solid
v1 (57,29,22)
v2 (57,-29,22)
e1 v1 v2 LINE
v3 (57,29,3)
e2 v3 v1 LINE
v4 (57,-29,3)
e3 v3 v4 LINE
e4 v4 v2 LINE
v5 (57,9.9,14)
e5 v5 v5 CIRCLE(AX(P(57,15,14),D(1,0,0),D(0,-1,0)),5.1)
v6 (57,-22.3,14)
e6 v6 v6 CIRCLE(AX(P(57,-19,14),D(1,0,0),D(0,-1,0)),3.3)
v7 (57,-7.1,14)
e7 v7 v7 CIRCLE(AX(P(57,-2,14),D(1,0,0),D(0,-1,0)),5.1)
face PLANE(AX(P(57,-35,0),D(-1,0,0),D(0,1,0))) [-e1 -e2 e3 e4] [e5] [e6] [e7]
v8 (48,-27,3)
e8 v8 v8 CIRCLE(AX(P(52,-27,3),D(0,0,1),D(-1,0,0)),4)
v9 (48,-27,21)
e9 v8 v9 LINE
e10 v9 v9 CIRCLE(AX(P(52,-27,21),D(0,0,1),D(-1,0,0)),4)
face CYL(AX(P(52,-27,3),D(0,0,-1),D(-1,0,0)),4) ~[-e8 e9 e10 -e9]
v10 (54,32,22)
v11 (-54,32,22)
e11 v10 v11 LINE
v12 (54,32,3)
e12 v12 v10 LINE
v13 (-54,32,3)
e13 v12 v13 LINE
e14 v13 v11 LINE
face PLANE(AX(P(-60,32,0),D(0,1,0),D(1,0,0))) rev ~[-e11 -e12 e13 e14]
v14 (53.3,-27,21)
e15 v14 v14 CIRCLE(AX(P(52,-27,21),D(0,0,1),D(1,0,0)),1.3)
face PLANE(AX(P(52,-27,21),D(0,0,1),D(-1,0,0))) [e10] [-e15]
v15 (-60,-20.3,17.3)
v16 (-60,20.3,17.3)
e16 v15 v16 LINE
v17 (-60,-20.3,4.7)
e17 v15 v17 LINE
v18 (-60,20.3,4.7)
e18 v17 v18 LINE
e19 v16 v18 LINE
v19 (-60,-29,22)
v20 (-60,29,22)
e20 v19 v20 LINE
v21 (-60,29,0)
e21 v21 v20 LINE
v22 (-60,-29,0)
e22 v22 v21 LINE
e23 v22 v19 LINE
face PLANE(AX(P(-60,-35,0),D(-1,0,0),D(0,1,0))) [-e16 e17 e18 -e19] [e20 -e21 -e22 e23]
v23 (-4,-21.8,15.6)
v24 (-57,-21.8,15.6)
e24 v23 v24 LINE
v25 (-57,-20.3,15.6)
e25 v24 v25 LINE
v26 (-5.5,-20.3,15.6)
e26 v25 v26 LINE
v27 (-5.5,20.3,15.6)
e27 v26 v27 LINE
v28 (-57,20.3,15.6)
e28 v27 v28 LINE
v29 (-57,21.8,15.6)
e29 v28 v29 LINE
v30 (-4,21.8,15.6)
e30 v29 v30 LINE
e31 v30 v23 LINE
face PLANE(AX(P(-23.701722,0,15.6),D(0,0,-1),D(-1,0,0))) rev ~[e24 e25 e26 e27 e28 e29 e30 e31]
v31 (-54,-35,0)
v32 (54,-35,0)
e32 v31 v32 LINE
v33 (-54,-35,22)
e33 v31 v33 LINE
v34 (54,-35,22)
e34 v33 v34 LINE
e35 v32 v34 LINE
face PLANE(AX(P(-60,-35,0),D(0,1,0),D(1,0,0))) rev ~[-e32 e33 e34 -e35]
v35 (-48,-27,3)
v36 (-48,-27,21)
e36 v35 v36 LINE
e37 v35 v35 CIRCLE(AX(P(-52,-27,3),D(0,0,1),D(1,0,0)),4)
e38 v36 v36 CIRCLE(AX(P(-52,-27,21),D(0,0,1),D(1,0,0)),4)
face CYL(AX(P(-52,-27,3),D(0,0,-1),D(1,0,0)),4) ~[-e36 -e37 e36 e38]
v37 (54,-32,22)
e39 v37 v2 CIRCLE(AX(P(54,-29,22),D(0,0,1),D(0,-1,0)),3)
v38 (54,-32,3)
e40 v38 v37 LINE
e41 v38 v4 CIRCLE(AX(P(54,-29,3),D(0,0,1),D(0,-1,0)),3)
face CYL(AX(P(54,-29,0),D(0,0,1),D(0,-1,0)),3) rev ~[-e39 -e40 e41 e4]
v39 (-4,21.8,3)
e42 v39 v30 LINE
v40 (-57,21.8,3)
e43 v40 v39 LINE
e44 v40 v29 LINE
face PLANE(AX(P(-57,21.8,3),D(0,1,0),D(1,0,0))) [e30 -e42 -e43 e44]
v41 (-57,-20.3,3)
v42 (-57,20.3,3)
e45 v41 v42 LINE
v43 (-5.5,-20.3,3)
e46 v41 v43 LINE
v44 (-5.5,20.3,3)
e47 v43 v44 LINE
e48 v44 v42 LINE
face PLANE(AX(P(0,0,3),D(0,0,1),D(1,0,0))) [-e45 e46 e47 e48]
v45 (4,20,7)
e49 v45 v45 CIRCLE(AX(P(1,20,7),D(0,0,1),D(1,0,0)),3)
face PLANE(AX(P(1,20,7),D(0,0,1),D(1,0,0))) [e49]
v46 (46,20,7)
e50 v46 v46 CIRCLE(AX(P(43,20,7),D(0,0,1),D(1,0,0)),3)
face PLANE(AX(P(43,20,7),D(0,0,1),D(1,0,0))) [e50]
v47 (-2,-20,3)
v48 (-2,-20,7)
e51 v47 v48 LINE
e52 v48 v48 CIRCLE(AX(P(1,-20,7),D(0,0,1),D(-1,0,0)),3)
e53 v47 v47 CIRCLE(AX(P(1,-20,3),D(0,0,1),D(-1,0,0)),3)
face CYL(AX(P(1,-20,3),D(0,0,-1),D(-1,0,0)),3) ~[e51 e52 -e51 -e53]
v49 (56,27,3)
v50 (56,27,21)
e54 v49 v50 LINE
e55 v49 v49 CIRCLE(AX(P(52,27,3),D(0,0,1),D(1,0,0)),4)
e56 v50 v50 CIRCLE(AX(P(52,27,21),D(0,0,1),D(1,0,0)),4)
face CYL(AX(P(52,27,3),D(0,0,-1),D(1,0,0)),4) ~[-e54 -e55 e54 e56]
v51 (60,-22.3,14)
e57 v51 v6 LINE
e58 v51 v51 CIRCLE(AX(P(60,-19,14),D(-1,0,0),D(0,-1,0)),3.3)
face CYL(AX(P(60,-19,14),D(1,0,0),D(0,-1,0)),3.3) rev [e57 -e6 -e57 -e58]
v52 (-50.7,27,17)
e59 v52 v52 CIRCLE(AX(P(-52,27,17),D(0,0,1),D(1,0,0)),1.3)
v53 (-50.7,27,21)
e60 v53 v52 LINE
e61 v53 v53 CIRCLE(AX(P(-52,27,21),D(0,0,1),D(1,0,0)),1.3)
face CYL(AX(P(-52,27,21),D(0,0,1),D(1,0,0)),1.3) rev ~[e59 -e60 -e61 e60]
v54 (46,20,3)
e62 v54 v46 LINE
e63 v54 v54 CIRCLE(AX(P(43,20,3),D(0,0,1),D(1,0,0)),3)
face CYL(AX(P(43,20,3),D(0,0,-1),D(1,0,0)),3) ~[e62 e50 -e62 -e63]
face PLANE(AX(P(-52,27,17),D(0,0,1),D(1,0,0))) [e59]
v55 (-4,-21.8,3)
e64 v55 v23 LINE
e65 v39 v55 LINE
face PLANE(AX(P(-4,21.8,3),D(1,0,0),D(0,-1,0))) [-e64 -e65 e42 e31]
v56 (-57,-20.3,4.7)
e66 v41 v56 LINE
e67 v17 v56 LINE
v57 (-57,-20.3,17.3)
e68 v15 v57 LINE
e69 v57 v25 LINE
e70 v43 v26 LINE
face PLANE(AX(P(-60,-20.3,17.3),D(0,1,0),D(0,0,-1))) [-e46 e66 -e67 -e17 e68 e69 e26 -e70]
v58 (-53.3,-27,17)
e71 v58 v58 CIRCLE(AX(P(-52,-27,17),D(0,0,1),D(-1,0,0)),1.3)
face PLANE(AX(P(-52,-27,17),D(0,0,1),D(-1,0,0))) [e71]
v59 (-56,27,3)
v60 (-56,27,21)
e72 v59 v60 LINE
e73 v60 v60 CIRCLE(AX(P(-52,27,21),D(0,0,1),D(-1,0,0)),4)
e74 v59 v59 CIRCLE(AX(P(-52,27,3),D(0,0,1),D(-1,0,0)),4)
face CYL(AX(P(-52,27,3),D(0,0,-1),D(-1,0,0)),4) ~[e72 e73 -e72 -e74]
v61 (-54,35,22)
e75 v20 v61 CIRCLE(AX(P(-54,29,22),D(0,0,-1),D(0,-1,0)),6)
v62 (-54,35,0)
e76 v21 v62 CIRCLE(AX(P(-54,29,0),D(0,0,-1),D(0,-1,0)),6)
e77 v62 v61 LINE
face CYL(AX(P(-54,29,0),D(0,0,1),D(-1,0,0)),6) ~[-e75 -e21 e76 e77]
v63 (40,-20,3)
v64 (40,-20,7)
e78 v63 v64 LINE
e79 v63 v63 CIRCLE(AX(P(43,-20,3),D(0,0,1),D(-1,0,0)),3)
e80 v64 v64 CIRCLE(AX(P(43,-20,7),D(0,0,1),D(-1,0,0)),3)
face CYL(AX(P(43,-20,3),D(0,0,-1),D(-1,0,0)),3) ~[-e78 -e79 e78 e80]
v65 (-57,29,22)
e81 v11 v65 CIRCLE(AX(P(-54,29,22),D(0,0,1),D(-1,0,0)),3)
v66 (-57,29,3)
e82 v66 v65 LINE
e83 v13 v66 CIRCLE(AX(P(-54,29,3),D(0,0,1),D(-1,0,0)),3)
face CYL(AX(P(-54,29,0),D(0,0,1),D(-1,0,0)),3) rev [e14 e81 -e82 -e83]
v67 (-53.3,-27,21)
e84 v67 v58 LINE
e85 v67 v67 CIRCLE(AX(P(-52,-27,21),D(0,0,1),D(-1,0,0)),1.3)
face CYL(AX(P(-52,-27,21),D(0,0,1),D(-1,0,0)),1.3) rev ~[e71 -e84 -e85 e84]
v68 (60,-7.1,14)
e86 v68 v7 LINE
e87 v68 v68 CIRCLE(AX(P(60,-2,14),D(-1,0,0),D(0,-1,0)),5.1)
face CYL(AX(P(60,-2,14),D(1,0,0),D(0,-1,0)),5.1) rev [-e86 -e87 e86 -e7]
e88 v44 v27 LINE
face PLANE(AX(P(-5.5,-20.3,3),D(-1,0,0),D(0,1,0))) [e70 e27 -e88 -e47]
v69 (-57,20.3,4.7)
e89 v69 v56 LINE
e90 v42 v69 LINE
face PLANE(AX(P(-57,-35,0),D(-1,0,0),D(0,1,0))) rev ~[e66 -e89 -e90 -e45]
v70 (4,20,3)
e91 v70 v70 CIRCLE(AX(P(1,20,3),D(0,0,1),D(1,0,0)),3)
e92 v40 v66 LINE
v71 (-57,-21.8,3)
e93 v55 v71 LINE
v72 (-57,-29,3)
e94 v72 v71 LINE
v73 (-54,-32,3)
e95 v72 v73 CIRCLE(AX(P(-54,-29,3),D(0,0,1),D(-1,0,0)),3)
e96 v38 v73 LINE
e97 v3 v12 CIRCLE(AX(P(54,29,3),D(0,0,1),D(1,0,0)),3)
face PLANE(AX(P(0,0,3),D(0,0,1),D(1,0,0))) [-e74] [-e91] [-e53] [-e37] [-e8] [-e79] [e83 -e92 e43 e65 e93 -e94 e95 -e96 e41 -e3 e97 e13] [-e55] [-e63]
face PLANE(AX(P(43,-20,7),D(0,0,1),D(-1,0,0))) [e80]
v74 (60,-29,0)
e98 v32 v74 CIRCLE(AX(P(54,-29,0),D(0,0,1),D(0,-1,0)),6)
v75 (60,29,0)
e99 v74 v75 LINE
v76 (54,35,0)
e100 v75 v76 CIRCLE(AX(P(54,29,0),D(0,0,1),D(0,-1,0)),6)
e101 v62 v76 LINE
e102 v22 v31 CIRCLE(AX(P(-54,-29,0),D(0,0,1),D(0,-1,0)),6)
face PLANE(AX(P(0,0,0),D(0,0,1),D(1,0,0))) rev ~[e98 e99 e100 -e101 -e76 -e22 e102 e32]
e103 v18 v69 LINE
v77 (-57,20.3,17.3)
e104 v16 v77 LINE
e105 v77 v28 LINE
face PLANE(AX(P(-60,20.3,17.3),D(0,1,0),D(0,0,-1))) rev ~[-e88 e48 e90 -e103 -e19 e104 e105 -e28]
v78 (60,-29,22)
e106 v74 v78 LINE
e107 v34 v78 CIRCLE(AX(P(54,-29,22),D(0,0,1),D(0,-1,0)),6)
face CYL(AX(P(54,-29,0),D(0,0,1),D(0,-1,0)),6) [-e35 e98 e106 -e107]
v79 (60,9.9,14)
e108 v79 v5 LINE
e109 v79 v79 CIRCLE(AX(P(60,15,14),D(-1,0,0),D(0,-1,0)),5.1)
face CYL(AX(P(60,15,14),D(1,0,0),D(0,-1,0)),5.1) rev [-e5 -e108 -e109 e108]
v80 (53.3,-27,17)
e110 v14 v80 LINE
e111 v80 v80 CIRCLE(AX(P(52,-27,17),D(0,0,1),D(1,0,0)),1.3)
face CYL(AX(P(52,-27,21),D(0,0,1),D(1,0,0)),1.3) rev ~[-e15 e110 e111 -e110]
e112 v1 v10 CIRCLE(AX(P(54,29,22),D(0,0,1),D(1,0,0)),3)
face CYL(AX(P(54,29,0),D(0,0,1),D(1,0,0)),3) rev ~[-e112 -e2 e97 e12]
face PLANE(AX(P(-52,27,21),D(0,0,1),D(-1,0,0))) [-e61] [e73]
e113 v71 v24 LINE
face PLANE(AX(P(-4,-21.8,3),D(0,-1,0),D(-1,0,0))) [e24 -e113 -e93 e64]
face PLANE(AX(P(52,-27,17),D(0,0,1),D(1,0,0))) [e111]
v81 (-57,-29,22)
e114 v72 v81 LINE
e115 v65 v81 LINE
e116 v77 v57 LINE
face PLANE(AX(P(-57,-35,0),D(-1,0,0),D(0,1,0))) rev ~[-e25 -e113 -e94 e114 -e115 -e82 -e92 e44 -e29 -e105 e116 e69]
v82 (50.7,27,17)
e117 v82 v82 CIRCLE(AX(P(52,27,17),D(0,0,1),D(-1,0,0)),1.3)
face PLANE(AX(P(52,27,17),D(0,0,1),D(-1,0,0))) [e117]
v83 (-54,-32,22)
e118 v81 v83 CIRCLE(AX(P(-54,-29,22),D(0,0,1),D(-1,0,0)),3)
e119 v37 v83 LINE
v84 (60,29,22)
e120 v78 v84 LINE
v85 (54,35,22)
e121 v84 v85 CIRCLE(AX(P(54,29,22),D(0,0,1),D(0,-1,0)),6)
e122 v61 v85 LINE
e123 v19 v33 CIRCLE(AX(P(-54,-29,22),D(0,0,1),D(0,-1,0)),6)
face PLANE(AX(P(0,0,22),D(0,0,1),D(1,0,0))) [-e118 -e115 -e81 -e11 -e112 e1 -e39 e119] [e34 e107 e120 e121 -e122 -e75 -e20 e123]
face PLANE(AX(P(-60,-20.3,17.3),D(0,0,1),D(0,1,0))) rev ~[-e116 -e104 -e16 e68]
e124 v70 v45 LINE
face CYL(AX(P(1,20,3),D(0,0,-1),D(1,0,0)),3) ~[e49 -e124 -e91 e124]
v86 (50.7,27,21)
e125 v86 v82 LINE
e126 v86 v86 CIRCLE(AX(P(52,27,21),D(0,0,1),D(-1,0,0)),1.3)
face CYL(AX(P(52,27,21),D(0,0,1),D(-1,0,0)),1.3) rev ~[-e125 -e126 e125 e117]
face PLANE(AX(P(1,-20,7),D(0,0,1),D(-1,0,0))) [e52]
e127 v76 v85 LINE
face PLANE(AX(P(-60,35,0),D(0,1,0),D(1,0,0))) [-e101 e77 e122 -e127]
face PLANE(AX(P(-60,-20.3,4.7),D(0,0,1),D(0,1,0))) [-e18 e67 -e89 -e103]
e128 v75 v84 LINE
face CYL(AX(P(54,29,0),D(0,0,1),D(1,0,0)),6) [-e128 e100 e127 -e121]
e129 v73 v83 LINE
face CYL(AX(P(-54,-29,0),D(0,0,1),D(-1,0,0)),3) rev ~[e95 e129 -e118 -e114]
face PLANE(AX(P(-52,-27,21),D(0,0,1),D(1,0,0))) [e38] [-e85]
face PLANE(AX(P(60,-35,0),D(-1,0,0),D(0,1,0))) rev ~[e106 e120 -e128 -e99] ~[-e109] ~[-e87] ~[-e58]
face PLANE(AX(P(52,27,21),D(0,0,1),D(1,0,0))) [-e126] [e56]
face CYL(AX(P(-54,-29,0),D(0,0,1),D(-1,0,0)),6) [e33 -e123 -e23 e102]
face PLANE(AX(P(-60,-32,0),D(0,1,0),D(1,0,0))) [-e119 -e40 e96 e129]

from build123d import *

# Parameters (mm, degrees)
SKETCH1_W           = 120
SKETCH1_H           = 70
BOSS_EXTRUDE1_DEPTH = 22
FILLET1_R           = 6
SHELL1_T            = -3
SKETCH2_R           = 4
BOSS_EXTRUDE2_DEPTH = 18.0000001
SKETCH4_R           = 1.3
CUT_EXTRUDE1_DEPTH  = 4
BOSS_EXTRUDE3_DEPTH = 12.6
CUT_EXTRUDE2_REACH  = 128.921
SKETCH6_W           = 12.6
SKETCH6_H           = 40.6
CUT_EXTRUDE3_REACH  = 128.921
SKETCH8_R           = 5.1
SKETCH8_R_2         = 3.3
SKETCH9_R           = 3
BOSS_EXTRUDE4_DEPTH = 4


with BuildPart() as part:
    # Sketch1 → Boss-Extrude1 (new body)
    with BuildSketch(Plane.XY):
        Rectangle(SKETCH1_W, SKETCH1_H)
    extrude(amount=BOSS_EXTRUDE1_DEPTH)

    # Fillet1
    fillet1_edges = [part.edges().sort_by_distance(p)[0] for p in [
        (-60, 35, 11),
        (60, 35, 11),
        (60, -35, 11),
        (-60, -35, 11),
    ]]
    fillet(fillet1_edges, radius=FILLET1_R)

    # Shell1
    shell1_openings = [part.faces().sort_by_distance(p)[0] for p in [
        (0, 0, 22),
    ]]
    offset(amount=SHELL1_T, openings=shell1_openings, kind=Kind.INTERSECTION)

    # Sketch2 → Boss-Extrude2 (add)
    with BuildSketch(Plane.XY.offset(3)):
        with Locations((-52, -27)):
            Circle(SKETCH2_R)
        with Locations(Location((52, -27, 0), (0, 0, 180))):
            Circle(SKETCH2_R)
        with Locations((52, 27)):
            Circle(SKETCH2_R)
        with Locations(Location((-52, 27, 0), (0, 0, 180))):
            Circle(SKETCH2_R)
    extrude(amount=BOSS_EXTRUDE2_DEPTH)

    # Sketch4 → Cut-Extrude1 (cut)
    with BuildSketch(Plane.XY.offset(21.0000001)):
        with Locations((-52, 27)):
            Circle(SKETCH4_R)
        with Locations(Location((-52, -27, 0), (0, 0, 180))):
            Circle(SKETCH4_R)
        with Locations((52, -27)):
            Circle(SKETCH4_R)
        with Locations(Location((52, 27, 0), (0, 0, 180))):
            Circle(SKETCH4_R)
    extrude(amount=-CUT_EXTRUDE1_DEPTH, mode=Mode.SUBTRACT)

    # Sketch5 → Boss-Extrude3 (add)
    with BuildSketch(Plane(origin=(0, 0, 3), x_dir=(-1, 0, 0), z_dir=(0, 0, -1))):
        Polygon((57, 21.8), (4, 21.8), (4, -21.8), (57, -21.8), (57, -20.3), (5.5, -20.3), (5.5, 20.3), (57, 20.3), align=None)
    extrude(amount=-BOSS_EXTRUDE3_DEPTH)

    # Sketch6 → Cut-Extrude2 (cut, up to next)
    with BuildSketch(Plane(origin=(-60, 0, 0), x_dir=(0, 0, -1), z_dir=(1, 0, 0)), mode=Mode.PRIVATE) as cut_extrude2_sk1:
        with Locations((-11, 0)):
            Rectangle(SKETCH6_W, SKETCH6_H)
    cut_extrude2_tool1 = extrude(cut_extrude2_sk1.sketch, amount=CUT_EXTRUDE2_REACH, mode=Mode.PRIVATE) & part.part
    add(cut_extrude2_tool1.solids().sort_by_distance((-60, 0, 11))[0], mode=Mode.SUBTRACT)

    # Sketch8 → Cut-Extrude3 (cut, up to next)
    with BuildSketch(Plane.ZY.offset(-60), mode=Mode.PRIVATE) as cut_extrude3_sk1:
        with Locations(Location((14, 15, 0), (0, 0, 270))):
            Circle(SKETCH8_R)
    cut_extrude3_tool1 = extrude(cut_extrude3_sk1.sketch, amount=CUT_EXTRUDE3_REACH, mode=Mode.PRIVATE) & part.part
    # Sketch8 → Cut-Extrude3 (cut, up to next)
    with BuildSketch(Plane.ZY.offset(-60), mode=Mode.PRIVATE) as cut_extrude3_sk2:
        with Locations(Location((14, -2, 0), (0, 0, 270))):
            Circle(SKETCH8_R)
    cut_extrude3_tool2 = extrude(cut_extrude3_sk2.sketch, amount=CUT_EXTRUDE3_REACH, mode=Mode.PRIVATE) & part.part
    # Sketch8 → Cut-Extrude3 (cut, up to next)
    with BuildSketch(Plane.ZY.offset(-60), mode=Mode.PRIVATE) as cut_extrude3_sk3:
        with Locations(Location((14, -19, 0), (0, 0, 270))):
            Circle(SKETCH8_R_2)
    cut_extrude3_tool3 = extrude(cut_extrude3_sk3.sketch, amount=CUT_EXTRUDE3_REACH, mode=Mode.PRIVATE) & part.part
    add(cut_extrude3_tool1.solids().sort_by_distance((60, 15, 14))[0], mode=Mode.SUBTRACT)
    add(cut_extrude3_tool2.solids().sort_by_distance((60, -2, 14))[0], mode=Mode.SUBTRACT)
    add(cut_extrude3_tool3.solids().sort_by_distance((60, -19, 14))[0], mode=Mode.SUBTRACT)

    # Sketch9 → Boss-Extrude4 (add)
    with BuildSketch(Plane.XY.offset(3)):
        with Locations((43, 20)):
            Circle(SKETCH9_R)
        with Locations((1, 20)):
            Circle(SKETCH9_R)
        with Locations(Location((1, -20, 0), (0, 0, 180))):
            Circle(SKETCH9_R)
        with Locations(Location((43, -20, 0), (0, 0, 180))):
            Circle(SKETCH9_R)
    extrude(amount=BOSS_EXTRUDE4_DEPTH)


solid = part.part
